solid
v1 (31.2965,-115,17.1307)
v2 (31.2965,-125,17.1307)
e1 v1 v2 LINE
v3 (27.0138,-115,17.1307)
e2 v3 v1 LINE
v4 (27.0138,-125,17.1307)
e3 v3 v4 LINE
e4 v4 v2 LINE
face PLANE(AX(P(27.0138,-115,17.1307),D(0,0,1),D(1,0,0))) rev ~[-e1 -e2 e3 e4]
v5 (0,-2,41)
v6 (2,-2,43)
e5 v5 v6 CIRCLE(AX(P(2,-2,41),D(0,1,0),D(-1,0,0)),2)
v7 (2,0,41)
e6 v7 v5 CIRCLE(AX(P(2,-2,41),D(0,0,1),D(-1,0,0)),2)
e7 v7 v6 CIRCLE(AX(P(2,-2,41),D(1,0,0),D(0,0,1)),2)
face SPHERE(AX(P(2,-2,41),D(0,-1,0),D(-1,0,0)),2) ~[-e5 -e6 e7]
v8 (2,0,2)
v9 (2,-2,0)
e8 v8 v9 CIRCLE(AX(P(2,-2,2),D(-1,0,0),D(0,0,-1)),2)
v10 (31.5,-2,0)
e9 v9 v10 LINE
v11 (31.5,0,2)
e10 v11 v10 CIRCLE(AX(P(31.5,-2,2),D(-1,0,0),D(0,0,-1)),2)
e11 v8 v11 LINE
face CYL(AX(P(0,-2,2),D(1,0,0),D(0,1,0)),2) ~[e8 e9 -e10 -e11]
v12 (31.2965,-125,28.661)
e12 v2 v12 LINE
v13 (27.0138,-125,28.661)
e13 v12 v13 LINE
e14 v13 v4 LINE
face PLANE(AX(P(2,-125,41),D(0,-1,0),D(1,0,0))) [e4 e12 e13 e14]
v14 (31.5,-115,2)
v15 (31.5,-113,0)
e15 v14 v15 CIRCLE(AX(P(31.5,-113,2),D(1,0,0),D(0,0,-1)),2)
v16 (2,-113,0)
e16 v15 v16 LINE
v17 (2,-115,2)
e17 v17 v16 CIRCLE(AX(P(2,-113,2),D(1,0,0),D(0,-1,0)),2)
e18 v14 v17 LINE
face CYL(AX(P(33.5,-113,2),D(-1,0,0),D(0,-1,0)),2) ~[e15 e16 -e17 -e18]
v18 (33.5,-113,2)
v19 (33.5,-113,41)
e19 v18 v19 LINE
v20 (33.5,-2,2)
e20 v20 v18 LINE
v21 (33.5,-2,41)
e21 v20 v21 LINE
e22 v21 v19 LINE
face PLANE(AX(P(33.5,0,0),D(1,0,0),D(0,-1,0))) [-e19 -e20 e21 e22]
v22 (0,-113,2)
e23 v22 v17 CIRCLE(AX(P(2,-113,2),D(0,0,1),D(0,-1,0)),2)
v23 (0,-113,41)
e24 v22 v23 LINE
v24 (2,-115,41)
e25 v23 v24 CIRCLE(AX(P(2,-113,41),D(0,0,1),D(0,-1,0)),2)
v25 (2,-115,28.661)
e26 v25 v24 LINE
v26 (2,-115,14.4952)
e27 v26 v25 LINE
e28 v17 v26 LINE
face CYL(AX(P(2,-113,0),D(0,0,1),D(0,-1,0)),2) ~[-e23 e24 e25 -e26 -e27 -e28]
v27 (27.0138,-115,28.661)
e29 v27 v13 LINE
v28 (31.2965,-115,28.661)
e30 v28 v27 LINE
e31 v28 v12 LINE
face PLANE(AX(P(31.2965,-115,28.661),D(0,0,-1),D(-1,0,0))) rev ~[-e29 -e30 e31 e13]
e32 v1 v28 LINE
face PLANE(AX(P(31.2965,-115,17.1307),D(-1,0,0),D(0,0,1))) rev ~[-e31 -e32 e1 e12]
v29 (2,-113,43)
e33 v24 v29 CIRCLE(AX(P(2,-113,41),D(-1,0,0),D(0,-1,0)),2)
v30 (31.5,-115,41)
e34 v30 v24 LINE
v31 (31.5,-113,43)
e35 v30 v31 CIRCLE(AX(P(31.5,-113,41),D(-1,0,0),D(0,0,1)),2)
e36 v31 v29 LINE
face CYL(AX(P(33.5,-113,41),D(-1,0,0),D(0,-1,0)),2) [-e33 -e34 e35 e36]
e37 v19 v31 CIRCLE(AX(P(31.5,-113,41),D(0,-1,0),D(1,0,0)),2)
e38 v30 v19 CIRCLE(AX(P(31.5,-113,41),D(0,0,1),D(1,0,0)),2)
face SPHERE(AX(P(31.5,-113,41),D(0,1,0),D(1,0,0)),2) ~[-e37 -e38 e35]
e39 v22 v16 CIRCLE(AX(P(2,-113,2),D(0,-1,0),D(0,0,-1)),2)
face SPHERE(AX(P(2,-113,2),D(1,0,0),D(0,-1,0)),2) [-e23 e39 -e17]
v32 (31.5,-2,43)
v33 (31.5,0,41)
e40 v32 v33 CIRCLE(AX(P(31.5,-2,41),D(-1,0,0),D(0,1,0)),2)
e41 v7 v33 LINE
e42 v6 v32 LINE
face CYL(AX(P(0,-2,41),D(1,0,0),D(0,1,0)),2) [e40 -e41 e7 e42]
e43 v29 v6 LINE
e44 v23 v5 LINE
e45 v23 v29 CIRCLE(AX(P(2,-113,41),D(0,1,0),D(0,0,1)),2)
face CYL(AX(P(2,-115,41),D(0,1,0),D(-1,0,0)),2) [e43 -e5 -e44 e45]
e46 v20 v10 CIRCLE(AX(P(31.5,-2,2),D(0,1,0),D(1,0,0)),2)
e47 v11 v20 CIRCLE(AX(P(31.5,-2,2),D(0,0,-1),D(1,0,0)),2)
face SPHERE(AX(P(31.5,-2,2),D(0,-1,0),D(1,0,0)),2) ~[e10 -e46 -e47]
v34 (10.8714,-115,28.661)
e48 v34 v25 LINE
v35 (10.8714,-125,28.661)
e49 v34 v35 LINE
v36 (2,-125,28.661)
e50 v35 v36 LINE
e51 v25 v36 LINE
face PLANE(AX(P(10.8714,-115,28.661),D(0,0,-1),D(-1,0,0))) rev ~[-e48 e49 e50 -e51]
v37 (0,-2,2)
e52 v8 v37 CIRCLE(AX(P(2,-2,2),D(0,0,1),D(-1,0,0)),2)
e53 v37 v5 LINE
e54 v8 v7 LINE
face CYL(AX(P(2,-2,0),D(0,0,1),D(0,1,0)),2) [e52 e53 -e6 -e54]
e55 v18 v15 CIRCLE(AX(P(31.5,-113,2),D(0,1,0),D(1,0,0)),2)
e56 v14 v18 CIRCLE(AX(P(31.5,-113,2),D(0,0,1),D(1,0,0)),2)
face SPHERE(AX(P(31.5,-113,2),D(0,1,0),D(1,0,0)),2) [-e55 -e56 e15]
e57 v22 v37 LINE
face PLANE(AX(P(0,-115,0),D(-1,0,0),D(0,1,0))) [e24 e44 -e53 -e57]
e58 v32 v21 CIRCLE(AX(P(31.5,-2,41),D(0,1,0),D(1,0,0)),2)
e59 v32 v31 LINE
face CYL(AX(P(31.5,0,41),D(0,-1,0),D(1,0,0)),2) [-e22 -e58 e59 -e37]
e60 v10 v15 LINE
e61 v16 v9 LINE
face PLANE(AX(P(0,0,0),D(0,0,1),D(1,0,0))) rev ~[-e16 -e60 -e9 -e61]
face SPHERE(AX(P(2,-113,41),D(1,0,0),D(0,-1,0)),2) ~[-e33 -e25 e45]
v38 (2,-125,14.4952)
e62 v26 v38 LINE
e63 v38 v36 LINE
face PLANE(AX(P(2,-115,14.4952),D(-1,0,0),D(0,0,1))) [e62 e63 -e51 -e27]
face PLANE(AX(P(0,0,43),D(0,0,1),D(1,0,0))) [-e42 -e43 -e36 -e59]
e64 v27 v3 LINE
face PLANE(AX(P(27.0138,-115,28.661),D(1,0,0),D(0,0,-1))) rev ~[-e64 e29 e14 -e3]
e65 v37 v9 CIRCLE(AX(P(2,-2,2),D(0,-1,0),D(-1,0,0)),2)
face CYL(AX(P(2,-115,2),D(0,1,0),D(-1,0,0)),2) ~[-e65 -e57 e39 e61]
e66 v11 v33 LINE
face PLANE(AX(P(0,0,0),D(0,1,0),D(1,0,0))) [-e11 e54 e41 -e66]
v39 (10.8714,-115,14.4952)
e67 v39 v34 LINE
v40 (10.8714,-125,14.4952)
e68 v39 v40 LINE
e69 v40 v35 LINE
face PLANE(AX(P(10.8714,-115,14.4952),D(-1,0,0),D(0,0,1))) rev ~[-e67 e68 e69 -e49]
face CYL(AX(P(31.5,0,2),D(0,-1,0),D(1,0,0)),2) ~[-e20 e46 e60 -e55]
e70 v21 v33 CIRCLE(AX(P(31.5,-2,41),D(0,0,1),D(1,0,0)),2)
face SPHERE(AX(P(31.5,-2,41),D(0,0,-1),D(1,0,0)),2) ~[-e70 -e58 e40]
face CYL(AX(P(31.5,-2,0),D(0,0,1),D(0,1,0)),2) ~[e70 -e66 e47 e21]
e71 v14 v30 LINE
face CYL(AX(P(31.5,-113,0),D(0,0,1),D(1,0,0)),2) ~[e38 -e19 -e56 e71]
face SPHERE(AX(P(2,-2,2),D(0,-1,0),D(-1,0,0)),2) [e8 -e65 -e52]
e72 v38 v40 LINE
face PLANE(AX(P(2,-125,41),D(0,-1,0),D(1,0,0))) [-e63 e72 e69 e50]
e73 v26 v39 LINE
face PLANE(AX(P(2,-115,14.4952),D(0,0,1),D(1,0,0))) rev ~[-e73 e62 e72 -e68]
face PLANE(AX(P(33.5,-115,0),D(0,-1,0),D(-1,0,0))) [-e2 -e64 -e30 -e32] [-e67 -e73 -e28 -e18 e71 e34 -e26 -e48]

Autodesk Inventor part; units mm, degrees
ref_plane "YZ Plane" through (0, 0, 0) normal (1, 0, 0) x (0, 1, 0)
ref_plane "XZ Plane" through (0, 0, 0) normal (0, 1, 0) x (-1, 0, 0)
ref_plane "XY Plane" through (0, 0, 0) normal (0, 0, 1) x (1, 0, 0)
sketch "Sketch1" plane through (0, 0, 0) normal (0, 0, 1) x (1, 0, 0)
  line L0 (0, 0) -> (33.5, 0)
  line L1 (33.5, 0) -> (33.5, -115)
  line L2 (33.5, -115) -> (0, -115)
  line L3 (0, -115) -> (0, 0)
  dimension "d0" = 115
  dimension "d1" = 33.5
extrude "Extrusion1" add sketch "Sketch1" along normal blind 43
fillet "Fillet1" radius 2 12 edges at (33.5, -57.5, 0) (33.5, 0, 21.5) (33.5, -57.5, 43) (33.5, -115, 21.5) (16.75, -115, 0) (16.75, -115, 43) (0, -115, 21.5) (0, -57.5, 0) (0, -57.5, 43) (0, 0, 21.5) (16.75, 0, 0) (16.75, 0, 43)
sketch "Sketch2" plane through (2, -115, 41) normal (0, -1, 0) x (1, 0, 0)
  line L0 (0, -39) -> (0, 0) projected
  line L1 (0, -26.5048) -> (8.8714, -26.5048)
  line L2 (8.8714, -26.5048) -> (8.8714, -12.339)
  line L3 (8.8714, -12.339) -> (0, -12.339)
  line L4 (0, -12.339) -> (0, -26.5048)
  line L5 (25.0138, -23.8693) -> (29.2965, -23.8693)
  line L6 (29.2965, -23.8693) -> (29.2965, -12.339)
  line L7 (29.2965, -12.339) -> (25.0138, -12.339)
  line L8 (25.0138, -12.339) -> (25.0138, -23.8693)
  point P0 (-2, -41)
  point P1 (0, -12.339)
extrude "Extrusion2" add sketch "Sketch2" along normal blind 10
properties part number "battery2500"
